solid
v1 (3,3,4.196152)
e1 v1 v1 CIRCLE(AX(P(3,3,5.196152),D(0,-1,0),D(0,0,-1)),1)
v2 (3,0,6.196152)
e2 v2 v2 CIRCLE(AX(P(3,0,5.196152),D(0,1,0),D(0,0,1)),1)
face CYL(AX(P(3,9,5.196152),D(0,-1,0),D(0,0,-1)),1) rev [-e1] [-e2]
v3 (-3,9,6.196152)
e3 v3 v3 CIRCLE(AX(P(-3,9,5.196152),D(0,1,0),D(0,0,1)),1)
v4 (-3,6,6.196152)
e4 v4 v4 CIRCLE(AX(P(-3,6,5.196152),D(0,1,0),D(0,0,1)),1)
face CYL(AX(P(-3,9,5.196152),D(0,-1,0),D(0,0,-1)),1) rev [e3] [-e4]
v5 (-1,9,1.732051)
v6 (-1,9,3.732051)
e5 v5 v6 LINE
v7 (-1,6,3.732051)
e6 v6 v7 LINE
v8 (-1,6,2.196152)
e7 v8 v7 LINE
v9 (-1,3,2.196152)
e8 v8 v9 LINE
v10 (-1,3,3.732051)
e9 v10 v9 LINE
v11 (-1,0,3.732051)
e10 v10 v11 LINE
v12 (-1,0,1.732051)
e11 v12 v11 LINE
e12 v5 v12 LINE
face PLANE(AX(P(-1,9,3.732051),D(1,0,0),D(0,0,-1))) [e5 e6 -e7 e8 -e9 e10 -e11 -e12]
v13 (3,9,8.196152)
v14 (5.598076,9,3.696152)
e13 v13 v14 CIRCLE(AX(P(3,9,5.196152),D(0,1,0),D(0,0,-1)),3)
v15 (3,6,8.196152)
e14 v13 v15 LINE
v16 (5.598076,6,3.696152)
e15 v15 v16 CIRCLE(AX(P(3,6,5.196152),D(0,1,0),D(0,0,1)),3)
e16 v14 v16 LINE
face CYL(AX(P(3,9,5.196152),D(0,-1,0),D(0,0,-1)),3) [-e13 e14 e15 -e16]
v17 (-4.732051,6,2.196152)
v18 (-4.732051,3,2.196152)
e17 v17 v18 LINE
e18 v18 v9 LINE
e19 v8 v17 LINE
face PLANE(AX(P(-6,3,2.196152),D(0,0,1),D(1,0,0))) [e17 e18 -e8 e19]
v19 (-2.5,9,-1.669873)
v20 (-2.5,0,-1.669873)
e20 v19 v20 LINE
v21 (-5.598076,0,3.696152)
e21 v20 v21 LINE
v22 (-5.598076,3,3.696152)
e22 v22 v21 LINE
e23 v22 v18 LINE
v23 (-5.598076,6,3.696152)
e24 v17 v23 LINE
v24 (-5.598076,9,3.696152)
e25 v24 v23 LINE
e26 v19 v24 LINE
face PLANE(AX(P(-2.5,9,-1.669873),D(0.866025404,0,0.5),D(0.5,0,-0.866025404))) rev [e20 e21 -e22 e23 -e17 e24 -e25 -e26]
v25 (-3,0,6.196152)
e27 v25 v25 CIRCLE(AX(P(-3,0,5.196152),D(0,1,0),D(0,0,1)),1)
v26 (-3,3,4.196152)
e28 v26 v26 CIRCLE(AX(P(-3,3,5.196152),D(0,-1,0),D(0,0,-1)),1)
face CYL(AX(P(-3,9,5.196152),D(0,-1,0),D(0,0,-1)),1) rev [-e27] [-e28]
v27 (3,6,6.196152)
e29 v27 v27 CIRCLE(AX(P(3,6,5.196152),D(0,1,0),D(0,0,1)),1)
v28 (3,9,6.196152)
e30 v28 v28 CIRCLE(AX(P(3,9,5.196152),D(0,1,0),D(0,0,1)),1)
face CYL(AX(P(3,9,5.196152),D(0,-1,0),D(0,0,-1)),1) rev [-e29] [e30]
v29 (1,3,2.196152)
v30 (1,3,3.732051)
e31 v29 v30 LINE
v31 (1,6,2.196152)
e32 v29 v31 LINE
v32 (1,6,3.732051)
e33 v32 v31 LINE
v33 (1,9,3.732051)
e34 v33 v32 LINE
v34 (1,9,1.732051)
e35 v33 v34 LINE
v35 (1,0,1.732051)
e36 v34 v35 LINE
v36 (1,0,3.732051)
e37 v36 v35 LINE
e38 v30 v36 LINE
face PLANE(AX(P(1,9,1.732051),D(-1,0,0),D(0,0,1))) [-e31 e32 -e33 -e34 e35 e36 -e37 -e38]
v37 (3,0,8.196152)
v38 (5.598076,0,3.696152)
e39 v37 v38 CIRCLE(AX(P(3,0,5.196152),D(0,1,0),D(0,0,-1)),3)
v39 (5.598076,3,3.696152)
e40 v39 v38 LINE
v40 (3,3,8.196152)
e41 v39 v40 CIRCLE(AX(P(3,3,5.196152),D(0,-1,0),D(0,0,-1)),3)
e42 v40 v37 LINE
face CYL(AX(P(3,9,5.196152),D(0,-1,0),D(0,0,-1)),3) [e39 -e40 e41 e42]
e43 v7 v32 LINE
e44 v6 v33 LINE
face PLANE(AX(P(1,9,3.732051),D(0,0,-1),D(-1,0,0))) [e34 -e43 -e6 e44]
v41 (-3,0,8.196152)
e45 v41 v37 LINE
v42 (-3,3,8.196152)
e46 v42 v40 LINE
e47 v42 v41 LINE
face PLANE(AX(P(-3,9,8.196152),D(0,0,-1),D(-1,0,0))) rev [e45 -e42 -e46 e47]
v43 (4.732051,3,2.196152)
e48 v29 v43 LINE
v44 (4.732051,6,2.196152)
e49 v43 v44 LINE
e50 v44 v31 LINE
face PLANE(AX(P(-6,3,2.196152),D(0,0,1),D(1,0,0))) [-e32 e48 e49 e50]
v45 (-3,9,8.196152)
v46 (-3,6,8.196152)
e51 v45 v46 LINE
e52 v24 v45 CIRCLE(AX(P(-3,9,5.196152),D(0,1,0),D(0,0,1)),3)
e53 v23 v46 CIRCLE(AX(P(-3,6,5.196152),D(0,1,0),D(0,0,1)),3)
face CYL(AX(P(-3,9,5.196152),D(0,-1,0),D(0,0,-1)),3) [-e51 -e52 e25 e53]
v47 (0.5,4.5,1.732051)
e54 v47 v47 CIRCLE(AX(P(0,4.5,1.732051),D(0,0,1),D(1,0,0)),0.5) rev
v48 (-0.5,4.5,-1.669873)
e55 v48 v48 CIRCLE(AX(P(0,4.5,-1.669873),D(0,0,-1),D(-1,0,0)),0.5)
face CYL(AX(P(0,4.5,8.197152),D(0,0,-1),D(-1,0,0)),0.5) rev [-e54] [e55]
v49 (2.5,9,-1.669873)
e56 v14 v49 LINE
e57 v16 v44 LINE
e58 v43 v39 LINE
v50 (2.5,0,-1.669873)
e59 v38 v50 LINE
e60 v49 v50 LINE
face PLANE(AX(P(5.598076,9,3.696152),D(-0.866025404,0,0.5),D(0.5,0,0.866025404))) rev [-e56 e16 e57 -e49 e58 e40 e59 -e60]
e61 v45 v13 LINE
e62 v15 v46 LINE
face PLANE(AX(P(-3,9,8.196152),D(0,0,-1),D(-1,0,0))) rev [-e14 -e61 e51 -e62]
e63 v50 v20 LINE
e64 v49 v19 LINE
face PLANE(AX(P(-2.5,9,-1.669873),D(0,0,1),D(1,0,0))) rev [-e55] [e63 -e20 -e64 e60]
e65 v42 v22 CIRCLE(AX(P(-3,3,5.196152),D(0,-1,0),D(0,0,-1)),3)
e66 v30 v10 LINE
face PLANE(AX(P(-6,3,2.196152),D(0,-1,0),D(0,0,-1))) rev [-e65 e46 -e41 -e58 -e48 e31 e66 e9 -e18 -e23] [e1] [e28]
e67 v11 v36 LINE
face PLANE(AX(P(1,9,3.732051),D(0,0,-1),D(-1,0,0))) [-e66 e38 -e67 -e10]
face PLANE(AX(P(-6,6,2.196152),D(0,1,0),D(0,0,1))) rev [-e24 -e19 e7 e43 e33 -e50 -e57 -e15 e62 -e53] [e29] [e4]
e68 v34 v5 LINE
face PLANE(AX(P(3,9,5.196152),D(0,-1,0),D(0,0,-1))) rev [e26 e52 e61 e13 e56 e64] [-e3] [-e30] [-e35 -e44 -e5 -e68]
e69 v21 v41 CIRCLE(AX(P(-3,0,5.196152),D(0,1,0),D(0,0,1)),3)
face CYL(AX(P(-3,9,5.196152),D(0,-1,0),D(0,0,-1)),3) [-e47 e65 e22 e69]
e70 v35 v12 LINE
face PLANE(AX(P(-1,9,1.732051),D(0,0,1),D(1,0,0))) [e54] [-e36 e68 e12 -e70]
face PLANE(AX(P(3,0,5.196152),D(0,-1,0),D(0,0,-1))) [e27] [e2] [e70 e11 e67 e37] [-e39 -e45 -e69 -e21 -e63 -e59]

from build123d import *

# Parameters (mm, degrees)
CROQUIS1_R              = 1
CROQUIS1_W              = 2
CROQUIS1_H              = 2
SALIENTE_EXTRUIR1_DEPTH = 9
CROQUIS2_W              = 12
CROQUIS2_H              = 3
CORTAR_EXTRUIR1_DEPTH   = 6
CORTAR_EXTRUIR2_REACH   = 16.64
CROQUIS3_R              = 0.5


with BuildPart() as part:
    # Croquis1 → Saliente-Extruir1 (new body)
    with BuildSketch(Plane(origin=(0, 0, 0), x_dir=(1, 0, 0), z_dir=(0, 1, 0))):
        with BuildLine():
            Line((5.598076211, -3.696152423), (2.5, 1.669872981))
            Line((2.5, 1.669872981), (-2.5, 1.669872981))
            Line((-2.5, 1.669872981), (-5.598076211, -3.696152423))
            ThreePointArc((-5.598076211, -3.696152423), (-5.598076211, -6.696152423), (-3, -8.196152423))
            Line((-3, -8.196152423), (3, -8.196152423))
            ThreePointArc((3, -8.196152423), (5.598076211, -6.696152423), (5.598076211, -3.696152423))
        make_face()
        with Locations(Location((-3, -5.196152423, 0), (0, 0, 270))):
            Circle(CROQUIS1_R, mode=Mode.SUBTRACT)
        with Locations(Location((3, -5.196152423, 0), (0, 0, 270))):
            Circle(CROQUIS1_R, mode=Mode.SUBTRACT)
        with Locations((0, -2.732050808)):
            Rectangle(CROQUIS1_W, CROQUIS1_H, mode=Mode.SUBTRACT)
    extrude(amount=SALIENTE_EXTRUIR1_DEPTH)

    # Croquis2 → Cortar-Extruir1 (cut)
    with BuildSketch(Plane.XY.offset(8.196152423)):
        with Locations((0, 4.5)):
            Rectangle(CROQUIS2_W, CROQUIS2_H)
    extrude(amount=-CORTAR_EXTRUIR1_DEPTH, mode=Mode.SUBTRACT)

    # Croquis3 → Cortar-Extruir2 (cut, up to next)
    with BuildSketch(Plane(origin=(0, 0, -1.669872981), x_dir=(-1, 0, 0), z_dir=(0, 0, -1)), mode=Mode.PRIVATE) as cortar_extruir2_sk1:
        with Locations((0, 4.5)):
            Circle(CROQUIS3_R)
    cortar_extruir2_tool1 = extrude(cortar_extruir2_sk1.sketch, amount=-CORTAR_EXTRUIR2_REACH, mode=Mode.PRIVATE) & part.part
    add(cortar_extruir2_tool1.solids().sort_by_distance((0, 4.5, -1.669873))[0], mode=Mode.SUBTRACT)


solid = part.part
